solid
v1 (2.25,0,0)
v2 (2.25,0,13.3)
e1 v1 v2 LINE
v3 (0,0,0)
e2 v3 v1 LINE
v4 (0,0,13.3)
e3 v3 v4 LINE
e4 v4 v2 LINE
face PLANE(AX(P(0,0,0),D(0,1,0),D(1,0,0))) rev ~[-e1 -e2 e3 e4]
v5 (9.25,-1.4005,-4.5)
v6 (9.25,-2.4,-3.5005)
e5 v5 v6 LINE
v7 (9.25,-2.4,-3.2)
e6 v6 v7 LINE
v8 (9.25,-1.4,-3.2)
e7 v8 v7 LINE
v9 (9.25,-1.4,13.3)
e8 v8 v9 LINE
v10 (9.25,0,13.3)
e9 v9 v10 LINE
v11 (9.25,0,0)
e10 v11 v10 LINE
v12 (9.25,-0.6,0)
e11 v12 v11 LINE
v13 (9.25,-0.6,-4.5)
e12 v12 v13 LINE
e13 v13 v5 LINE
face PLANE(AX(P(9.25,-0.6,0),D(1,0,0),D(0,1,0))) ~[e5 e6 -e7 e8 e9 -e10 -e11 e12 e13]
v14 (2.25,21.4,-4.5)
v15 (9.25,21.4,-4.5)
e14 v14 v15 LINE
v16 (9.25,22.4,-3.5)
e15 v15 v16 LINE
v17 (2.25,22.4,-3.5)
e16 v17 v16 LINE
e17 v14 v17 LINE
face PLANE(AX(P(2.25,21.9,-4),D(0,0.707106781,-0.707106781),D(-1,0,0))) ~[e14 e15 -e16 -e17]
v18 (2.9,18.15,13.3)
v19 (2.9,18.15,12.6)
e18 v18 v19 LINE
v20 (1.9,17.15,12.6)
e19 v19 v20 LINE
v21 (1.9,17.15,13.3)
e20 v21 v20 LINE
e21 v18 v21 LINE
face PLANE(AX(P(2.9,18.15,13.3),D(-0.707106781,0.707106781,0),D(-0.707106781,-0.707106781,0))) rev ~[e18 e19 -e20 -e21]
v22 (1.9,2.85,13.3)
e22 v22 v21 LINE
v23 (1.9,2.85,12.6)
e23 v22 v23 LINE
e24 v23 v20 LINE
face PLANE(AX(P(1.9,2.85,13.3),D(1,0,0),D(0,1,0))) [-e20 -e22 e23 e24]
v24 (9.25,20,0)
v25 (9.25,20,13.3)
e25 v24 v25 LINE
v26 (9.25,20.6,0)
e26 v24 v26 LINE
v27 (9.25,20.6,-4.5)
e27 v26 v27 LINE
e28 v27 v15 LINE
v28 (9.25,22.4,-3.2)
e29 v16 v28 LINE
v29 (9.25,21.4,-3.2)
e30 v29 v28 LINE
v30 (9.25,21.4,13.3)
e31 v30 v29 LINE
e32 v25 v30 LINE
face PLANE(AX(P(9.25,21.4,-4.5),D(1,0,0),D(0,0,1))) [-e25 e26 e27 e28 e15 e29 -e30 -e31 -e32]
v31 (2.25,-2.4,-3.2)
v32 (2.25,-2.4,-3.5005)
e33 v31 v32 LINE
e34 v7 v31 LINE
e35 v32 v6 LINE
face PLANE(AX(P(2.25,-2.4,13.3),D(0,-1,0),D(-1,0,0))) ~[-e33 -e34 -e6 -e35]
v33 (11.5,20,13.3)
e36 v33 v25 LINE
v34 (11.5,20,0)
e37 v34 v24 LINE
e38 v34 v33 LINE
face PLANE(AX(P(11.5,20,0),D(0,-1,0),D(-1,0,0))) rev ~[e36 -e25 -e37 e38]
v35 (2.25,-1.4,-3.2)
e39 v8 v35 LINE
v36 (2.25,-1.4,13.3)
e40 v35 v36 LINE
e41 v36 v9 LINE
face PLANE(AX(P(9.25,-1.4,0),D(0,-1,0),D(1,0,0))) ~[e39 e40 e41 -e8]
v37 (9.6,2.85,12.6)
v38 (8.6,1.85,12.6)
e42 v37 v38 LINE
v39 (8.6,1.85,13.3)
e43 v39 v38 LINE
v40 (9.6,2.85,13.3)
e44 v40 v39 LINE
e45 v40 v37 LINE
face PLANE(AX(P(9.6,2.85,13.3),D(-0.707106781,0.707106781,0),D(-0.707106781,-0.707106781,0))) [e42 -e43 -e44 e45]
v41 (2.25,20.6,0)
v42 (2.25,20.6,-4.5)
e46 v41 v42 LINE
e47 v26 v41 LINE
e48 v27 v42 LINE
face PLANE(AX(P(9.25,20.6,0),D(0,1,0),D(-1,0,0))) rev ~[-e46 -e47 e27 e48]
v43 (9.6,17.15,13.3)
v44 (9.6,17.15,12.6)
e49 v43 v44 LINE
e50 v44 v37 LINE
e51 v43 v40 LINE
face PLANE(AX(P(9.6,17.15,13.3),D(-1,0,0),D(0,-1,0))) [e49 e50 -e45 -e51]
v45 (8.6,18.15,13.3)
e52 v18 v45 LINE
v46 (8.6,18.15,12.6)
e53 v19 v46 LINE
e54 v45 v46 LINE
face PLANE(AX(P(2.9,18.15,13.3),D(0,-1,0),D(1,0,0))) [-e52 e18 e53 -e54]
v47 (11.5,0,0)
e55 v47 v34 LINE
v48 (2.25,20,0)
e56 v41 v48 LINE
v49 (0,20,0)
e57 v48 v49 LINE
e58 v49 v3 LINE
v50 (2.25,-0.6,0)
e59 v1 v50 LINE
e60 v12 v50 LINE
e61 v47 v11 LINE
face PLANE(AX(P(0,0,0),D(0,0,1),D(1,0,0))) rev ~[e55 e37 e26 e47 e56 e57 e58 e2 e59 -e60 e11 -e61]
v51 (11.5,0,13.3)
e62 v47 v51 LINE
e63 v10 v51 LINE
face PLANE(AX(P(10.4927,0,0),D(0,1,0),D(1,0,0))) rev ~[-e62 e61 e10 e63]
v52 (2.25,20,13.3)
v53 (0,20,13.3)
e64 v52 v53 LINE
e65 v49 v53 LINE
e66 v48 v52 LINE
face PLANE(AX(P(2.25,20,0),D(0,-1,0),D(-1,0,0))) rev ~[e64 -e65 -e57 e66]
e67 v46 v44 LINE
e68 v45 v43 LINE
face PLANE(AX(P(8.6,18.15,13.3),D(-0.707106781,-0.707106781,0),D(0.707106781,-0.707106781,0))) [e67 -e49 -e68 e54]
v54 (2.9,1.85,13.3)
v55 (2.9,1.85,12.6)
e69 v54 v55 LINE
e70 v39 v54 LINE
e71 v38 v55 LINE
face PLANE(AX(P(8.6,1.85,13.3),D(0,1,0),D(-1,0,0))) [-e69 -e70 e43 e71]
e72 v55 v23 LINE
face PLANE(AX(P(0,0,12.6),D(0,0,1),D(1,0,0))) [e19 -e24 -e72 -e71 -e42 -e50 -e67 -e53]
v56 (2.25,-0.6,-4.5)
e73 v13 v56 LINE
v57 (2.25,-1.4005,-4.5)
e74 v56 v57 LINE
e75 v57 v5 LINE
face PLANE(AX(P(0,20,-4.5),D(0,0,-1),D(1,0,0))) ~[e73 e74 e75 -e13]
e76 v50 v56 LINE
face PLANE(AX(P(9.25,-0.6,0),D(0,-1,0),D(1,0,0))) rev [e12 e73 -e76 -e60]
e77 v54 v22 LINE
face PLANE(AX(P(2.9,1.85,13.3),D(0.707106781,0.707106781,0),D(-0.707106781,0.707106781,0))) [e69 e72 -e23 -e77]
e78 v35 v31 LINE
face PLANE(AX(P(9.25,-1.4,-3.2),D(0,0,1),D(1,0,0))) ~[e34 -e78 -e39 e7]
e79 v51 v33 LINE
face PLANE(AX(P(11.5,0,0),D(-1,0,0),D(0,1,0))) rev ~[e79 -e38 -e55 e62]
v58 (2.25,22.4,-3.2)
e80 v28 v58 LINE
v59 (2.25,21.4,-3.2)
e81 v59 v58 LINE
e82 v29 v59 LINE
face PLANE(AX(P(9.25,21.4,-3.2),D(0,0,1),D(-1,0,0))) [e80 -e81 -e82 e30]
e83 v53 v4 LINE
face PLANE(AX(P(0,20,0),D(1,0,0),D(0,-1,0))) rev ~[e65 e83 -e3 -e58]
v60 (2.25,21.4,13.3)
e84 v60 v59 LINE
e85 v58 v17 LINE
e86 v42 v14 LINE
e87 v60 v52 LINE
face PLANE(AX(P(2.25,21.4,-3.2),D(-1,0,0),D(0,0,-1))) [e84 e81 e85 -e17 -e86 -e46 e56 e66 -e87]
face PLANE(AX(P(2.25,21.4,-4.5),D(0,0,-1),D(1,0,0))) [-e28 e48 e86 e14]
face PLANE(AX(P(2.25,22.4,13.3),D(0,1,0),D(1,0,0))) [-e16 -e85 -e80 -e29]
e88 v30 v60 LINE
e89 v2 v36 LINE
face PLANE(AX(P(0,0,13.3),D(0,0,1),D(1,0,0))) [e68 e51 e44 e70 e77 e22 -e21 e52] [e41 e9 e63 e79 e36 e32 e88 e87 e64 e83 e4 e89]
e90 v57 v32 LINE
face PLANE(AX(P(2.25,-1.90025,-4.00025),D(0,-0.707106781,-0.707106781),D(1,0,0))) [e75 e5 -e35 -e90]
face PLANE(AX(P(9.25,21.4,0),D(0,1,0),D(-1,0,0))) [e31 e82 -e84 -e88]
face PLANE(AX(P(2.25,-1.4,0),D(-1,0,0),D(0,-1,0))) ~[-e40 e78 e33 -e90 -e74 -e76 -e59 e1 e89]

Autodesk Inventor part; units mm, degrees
ref_plane "YZ Plane" through (0, 0, 0) normal (1, 0, 0) x (0, 1, 0)
ref_plane "XZ Plane" through (0, 0, 0) normal (0, 1, 0) x (-1, 0, 0)
sketch "Skizze1" plane through (0, 0, 0) normal (0, 0, 1) x (1, 0, 0)
  line L0 (0, 0) -> (11.5, 0)
  line L1 (11.5, 0) -> (11.5, 20)
  line L2 (11.5, 20) -> (0, 20)
  line L3 (0, 20) -> (0, 0)
  line L4 (2.25, 20) -> (9.25, 20)
  line L5 (9.25, 20) -> (9.25, 21.4)
  line L6 (9.25, 21.4) -> (2.25, 21.4)
  line L7 (2.25, 21.4) -> (2.25, 20)
  line L8 (2.2583, 0) -> (10.4927, 0)
  line L9 (9.25, 0) -> (2.25, 0)
  line L10 (2.25, 0) -> (2.25, -1.4)
  line L11 (2.25, -1.4) -> (9.25, -1.4)
  line L12 (9.25, -1.4) -> (9.25, 0)
  dimension "d0" = 11.5
  dimension "d1" = 20
  dimension "d4" = 7
  dimension "d5" = 1.4
  dimension "d6" = 2.25
  dimension "d7" = 2.25
extrude "Extrusion1" add sketch "Skizze1" along normal blind 13.3
ref_plane "Arbeitsebene2" through (2.25, 10, 0) normal (0, 1, 0) x (1, 0, 0)
sketch "Skizze2" plane through (0, 0, 13.3) normal (0, 0, 1) x (1, 0, 0)
  line L0 (9.25, 21.4) -> (2.25, 21.4) projected
  line L1 (0, 20) -> (0, 0) projected
  line L2 (2.25, -1.4) -> (9.25, -1.4) projected
  line L3 (11.5, 0) -> (11.5, 20) projected
  line L4 (2.9, 18.15) -> (8.6, 18.15)
  line L5 (9.6, 17.15) -> (9.6, 2.85)
  line L6 (8.6, 1.85) -> (2.9, 1.85)
  line L7 (1.9, 2.85) -> (1.9, 17.15)
  line L8 (2.9, 18.15) -> (1.9, 17.15)
  line L9 (8.6, 18.15) -> (9.6, 17.15)
  line L10 (9.6, 2.85) -> (8.6, 1.85)
  line L11 (2.9, 1.85) -> (1.9, 2.85)
  point P0 (1.9, 18.15)
  point P1 (9.6, 1.85)
  point P2 (9.6, 18.15)
  point P3 (1.9, 1.85)
  dimension "d8" = 1.9
  dimension "d9" = 1.9
  dimension "d10" = 3.25
  dimension "d11" = 3.25
  dimension "d12" = 1
  dimension "d13" = 1
  dimension "d14" = 1
  dimension "d15" = 1
  dimension "d16" = 1
  dimension "d17" = 1
  dimension "d18" = 1
  dimension "d19" = 1
extrude "Extrusion2" cut sketch "Skizze2" against normal blind 0.7
sketch "Skizze4" plane through (0, 0, 0) normal (0, 0, -1) x (-1, 0, 0)
  line L0 (-2.25, 21.4) -> (-2.25, 20) projected
  line L1 (-9.25, 21.4) -> (-2.25, 21.4) projected
  line L2 (-9.25, 20) -> (-9.25, 21.4) projected
  line L3 (-9.25, -1.4) -> (-9.25, 0) projected
  line L4 (-2.25, -1.4) -> (-9.25, -1.4) projected
  line L5 (-2.25, 0) -> (-2.25, -1.4) projected
  line L6 (-9.25, 20.6) -> (-2.25, 20.6)
  dimension "d32" = 0.8
extrude "Extrusion3" add sketch "Skizze4" along normal blind 4.5
sketch "Skizze5" plane through (2.25, 21.4, 13.3) normal (0, 1, 0) x (1, 0, 0)
  line L0 (7, 17.8) -> (7, 0) projected
  line L1 (0, 17.8) -> (7, 17.8) projected
  line L2 (0, 17.8) -> (7, 17.8)
  line L3 (7, 17.8) -> (7, 16.5)
  line L4 (7, 16.5) -> (0, 16.5)
  line L5 (0, 16.5) -> (0, 17.8)
  point P0 (-2.25, 13.3)
  dimension "d36" = 1.3
extrude "Extrusion4" add sketch "Skizze5" along normal blind 1
chamfer "Fase1" distance 1 angle 45 1 edges at (5.75, 22.4, -4.5)
mirror "Spiegeln1" about plane through (2.25, 10, 0) normal (0, 1, 0) of "Extrusion4", "Fase1", "Extrusion3"
equation "\"d13\" = d12"
equation "\"d14\" = d12"
equation "\"d15\" = d14"
equation "\"d16\" = d12"
equation "\"d17\" = d16"
equation "\"d18\" = d12"
equation "\"d19\" = d18"
properties part number "motor_shaft"
